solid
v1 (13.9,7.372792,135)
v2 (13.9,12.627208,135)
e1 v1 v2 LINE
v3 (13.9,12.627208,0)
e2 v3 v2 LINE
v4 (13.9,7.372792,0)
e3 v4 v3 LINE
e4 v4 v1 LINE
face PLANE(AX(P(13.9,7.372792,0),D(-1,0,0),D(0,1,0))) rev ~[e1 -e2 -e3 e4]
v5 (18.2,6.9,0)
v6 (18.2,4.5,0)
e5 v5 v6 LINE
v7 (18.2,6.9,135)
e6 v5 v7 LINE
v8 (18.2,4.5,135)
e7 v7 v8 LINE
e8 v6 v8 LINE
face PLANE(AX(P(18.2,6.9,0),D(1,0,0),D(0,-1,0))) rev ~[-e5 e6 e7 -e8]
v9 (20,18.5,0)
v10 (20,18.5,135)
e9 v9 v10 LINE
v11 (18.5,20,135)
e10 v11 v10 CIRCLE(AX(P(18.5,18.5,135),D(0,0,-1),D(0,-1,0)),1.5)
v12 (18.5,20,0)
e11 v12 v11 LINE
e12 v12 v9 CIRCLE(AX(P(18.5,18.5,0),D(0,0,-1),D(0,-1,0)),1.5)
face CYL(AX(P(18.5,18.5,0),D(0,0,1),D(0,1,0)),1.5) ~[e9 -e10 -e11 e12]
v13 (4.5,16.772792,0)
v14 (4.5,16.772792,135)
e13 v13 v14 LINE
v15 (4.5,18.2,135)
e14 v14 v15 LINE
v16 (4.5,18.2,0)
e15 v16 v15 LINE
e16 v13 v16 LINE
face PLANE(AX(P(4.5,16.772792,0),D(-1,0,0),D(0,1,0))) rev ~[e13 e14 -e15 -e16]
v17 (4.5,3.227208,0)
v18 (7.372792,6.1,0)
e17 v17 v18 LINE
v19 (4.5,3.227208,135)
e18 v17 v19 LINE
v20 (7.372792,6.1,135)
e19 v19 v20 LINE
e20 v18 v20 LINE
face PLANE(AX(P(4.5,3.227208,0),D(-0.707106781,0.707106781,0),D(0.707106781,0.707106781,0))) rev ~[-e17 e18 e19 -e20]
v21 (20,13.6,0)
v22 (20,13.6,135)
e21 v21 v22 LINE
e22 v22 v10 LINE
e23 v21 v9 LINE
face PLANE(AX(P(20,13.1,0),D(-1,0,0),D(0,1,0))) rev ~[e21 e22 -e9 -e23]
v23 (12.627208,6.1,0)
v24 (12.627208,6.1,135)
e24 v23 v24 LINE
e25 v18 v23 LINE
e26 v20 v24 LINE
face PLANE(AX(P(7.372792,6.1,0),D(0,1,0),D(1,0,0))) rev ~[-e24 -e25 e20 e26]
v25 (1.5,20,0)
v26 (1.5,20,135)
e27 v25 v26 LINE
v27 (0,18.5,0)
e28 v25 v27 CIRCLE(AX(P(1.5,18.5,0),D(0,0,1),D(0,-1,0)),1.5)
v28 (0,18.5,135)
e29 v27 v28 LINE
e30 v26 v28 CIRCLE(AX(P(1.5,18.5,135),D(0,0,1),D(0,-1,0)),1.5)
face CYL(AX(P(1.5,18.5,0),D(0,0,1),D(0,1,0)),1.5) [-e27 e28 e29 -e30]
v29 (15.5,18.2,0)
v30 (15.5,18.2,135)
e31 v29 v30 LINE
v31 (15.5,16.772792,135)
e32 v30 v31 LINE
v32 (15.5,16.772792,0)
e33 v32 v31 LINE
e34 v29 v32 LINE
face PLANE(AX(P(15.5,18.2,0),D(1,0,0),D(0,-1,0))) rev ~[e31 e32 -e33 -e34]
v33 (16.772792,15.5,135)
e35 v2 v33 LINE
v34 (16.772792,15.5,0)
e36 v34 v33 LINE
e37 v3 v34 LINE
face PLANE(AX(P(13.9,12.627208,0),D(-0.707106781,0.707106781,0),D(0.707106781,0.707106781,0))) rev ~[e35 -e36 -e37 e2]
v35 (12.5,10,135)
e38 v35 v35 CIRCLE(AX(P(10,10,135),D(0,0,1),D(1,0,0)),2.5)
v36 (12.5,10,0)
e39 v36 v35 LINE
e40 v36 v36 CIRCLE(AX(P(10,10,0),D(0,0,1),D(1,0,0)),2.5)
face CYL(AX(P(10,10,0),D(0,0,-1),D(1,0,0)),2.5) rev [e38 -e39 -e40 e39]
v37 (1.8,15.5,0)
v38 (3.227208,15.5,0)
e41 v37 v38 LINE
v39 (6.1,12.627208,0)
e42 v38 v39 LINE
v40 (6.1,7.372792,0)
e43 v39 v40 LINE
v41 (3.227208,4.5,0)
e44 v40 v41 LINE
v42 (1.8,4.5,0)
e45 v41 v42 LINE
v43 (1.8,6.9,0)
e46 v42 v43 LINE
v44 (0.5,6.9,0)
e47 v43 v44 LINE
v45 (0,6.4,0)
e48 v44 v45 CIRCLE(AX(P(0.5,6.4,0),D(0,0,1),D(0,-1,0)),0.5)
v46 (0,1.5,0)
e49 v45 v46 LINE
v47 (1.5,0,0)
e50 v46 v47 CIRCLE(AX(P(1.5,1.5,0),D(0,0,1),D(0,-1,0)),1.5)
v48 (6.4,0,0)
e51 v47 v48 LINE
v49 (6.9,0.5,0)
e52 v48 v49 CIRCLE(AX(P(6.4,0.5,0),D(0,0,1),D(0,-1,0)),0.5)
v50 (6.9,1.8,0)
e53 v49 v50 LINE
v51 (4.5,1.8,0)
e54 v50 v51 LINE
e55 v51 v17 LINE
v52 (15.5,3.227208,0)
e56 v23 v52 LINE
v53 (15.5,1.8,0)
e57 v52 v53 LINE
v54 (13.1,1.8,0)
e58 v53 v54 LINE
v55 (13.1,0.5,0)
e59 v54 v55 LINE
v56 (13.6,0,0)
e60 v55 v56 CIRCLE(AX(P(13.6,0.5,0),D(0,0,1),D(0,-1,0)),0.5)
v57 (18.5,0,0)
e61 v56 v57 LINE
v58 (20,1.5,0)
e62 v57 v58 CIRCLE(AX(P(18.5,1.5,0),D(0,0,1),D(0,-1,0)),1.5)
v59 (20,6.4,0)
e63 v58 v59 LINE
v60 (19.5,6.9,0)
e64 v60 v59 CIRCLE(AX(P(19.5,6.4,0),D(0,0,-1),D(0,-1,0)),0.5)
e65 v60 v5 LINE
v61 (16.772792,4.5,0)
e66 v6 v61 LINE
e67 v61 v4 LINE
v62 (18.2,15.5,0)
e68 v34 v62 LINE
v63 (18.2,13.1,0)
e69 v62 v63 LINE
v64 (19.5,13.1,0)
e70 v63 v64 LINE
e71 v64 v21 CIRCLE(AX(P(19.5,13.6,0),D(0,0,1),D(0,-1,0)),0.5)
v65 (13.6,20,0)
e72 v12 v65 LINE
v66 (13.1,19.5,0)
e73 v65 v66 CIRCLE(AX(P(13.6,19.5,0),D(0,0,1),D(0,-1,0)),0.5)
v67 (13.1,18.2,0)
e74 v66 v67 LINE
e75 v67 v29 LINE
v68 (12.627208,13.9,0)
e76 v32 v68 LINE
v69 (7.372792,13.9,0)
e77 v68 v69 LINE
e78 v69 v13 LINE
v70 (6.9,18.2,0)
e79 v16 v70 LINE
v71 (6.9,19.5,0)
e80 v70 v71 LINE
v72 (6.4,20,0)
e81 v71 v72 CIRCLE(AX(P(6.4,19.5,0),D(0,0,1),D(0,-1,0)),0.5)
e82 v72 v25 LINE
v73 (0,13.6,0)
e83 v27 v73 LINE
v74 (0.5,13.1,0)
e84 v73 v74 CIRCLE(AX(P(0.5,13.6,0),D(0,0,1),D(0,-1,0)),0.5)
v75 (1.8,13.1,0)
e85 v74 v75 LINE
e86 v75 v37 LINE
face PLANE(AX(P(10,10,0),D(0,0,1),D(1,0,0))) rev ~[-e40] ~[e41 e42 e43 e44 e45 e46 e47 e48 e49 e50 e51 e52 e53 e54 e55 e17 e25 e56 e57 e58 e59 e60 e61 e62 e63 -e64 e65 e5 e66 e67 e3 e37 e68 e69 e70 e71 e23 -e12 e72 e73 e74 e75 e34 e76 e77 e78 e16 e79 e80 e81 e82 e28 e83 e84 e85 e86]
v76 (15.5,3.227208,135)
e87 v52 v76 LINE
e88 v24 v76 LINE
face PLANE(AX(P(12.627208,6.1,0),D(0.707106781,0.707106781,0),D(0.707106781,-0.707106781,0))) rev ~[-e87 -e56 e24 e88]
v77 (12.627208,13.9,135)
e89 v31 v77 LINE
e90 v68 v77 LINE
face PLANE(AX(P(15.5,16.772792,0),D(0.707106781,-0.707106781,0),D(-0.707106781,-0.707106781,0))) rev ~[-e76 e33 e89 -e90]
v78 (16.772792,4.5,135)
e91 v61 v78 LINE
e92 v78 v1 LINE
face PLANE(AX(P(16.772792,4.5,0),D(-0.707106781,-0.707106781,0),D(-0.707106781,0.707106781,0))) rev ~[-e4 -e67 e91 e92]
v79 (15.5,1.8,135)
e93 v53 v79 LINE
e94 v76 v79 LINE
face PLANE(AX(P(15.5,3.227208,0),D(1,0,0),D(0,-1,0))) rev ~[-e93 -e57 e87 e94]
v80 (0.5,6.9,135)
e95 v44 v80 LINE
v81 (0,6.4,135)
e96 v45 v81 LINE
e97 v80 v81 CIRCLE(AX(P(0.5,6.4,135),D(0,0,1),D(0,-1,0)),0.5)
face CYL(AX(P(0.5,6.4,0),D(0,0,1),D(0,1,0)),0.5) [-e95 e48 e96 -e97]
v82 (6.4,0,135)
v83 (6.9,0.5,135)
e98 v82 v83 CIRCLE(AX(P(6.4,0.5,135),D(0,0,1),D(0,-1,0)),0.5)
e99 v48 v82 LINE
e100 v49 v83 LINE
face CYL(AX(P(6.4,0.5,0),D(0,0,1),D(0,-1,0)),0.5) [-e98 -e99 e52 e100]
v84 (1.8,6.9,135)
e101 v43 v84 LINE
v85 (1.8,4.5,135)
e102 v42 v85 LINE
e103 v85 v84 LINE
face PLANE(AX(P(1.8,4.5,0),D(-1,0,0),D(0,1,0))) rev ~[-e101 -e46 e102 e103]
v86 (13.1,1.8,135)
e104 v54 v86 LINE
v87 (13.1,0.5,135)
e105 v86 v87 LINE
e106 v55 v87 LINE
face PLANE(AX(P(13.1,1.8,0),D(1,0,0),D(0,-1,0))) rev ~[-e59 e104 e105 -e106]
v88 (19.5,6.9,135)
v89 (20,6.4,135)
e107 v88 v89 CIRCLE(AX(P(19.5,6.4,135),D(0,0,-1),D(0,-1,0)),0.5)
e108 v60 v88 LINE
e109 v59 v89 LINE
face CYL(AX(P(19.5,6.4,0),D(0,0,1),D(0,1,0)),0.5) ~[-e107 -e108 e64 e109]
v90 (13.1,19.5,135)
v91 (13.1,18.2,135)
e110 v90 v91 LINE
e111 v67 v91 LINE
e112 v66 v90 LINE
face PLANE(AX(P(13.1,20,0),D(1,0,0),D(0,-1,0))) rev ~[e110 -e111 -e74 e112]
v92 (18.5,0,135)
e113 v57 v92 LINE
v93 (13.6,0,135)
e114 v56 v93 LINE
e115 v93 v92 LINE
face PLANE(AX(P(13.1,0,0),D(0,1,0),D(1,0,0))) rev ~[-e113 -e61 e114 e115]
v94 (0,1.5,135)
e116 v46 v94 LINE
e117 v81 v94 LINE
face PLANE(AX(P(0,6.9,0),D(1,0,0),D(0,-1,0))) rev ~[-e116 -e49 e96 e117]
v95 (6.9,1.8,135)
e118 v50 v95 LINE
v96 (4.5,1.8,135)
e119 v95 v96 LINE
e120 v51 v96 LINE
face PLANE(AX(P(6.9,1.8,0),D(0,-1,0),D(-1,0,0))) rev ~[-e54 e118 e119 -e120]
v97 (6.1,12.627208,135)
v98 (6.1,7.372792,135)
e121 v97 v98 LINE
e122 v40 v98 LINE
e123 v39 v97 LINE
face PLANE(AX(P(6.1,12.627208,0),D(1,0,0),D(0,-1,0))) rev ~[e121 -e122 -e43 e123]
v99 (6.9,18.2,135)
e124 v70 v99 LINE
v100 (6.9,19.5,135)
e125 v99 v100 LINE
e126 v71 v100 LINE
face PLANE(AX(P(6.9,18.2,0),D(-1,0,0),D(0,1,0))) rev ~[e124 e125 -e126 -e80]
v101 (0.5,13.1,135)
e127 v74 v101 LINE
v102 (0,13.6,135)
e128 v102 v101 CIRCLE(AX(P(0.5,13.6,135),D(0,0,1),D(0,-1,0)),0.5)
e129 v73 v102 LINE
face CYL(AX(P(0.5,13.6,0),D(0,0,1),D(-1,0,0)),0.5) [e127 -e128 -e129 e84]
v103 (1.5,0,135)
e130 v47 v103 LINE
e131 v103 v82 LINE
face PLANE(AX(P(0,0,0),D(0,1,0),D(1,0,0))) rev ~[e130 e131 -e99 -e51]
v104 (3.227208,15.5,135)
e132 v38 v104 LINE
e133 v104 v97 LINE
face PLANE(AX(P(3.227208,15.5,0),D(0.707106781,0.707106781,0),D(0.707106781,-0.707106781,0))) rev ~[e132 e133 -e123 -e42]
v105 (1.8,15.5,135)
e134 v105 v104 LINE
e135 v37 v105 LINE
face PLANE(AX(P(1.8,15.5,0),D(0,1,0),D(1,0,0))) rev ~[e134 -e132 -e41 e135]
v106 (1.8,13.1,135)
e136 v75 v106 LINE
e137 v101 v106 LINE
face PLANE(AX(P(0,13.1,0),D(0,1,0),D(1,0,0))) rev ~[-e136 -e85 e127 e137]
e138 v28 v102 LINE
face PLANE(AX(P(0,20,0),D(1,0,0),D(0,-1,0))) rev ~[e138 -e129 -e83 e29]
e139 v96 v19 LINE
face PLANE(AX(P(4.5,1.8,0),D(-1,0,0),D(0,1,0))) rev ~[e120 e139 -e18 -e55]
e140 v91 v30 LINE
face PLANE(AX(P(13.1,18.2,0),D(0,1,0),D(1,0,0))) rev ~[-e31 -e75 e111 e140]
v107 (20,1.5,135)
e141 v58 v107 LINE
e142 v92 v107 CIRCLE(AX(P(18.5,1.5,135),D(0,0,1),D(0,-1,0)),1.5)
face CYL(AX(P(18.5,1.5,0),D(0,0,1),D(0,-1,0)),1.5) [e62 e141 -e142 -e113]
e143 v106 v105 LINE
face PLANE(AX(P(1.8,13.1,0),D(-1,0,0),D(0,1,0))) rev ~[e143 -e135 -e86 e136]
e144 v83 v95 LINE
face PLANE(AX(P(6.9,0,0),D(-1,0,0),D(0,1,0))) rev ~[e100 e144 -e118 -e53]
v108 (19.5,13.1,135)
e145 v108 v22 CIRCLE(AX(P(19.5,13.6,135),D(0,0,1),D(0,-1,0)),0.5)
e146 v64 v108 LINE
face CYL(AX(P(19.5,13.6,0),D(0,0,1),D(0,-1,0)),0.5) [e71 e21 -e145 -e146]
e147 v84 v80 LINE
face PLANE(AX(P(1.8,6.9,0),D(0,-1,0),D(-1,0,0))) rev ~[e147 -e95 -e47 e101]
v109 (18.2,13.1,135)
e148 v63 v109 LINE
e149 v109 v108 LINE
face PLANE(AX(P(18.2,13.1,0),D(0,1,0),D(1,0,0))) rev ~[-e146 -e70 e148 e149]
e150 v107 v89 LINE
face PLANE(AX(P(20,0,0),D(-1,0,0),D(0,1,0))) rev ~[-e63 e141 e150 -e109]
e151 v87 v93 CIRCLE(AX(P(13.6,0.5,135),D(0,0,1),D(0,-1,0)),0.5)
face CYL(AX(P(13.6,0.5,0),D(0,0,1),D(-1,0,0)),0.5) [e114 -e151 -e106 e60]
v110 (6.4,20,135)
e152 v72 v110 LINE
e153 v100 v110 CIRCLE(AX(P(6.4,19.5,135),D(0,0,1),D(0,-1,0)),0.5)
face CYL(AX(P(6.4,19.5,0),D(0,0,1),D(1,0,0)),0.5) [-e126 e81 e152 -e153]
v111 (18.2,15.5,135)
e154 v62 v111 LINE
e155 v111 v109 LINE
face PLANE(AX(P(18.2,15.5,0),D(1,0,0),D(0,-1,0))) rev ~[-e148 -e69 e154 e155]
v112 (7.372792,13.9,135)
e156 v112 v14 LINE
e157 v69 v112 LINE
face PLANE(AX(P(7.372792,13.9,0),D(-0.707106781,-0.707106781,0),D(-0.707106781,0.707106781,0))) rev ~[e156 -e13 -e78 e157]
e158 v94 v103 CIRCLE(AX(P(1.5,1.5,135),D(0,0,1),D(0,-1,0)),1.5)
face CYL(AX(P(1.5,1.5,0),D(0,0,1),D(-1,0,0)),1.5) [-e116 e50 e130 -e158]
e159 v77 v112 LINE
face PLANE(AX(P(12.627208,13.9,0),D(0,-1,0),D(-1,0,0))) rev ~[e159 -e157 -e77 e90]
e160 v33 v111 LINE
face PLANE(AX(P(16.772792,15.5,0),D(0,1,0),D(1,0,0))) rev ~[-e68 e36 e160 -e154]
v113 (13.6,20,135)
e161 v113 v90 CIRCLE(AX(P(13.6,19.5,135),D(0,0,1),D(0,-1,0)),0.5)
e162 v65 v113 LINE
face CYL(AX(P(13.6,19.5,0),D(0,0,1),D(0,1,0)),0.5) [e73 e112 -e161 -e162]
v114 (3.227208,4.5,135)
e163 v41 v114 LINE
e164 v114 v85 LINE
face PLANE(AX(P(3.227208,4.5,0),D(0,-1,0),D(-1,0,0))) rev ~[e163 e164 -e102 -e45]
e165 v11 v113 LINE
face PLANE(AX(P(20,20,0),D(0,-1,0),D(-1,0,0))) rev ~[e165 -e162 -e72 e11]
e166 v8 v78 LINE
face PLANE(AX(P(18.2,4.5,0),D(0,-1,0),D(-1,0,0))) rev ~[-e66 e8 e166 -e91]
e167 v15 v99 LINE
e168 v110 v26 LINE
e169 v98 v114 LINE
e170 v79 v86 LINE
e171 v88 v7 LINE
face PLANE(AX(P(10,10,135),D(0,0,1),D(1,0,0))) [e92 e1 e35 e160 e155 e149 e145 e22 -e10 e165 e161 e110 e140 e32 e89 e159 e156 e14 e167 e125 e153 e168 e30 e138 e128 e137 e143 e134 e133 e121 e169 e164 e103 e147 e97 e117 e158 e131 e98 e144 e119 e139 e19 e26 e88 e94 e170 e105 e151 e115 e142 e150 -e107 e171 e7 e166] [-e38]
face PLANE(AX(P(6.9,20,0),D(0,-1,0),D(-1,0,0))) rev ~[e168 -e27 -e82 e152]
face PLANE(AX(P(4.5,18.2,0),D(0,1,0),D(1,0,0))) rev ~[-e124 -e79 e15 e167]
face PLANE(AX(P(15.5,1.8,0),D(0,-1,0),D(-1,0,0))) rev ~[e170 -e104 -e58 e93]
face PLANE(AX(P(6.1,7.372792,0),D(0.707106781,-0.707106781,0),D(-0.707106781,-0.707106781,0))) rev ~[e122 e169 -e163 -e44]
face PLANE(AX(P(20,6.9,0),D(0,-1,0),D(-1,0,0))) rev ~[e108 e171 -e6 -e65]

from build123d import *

# Parameters (mm, degrees)
SKETCH_1_R      = 2.5
EXTRUDE_1_DEPTH = 135
FILLET_1_R      = 1.5
FILLET_2_R      = 1.5
FILLET_3_R      = 1.5
FILLET_4_R      = 1.5
FILLET_5_R      = 0.5
FILLET_6_R      = 0.5
FILLET_7_R      = 0.5
FILLET_8_R      = 0.5
FILLET_9_R      = 0.5
FILLET_10_R     = 0.5
FILLET_11_R     = 0.5
FILLET_12_R     = 0.5


with BuildPart() as part:
    # 草图1 → 凸台-拉伸1 (new body)
    with BuildSketch(Plane.XY):
        Polygon((0, 6.9), (0, 0), (6.9, 0), (6.9, 1.8), (4.5, 1.8), (4.5, 3.227207794), (7.372792206, 6.1), (12.627207794, 6.1), (15.5, 3.227207794), (15.5, 1.8), (13.1, 1.8), (13.1, 0), (20, 0), (20, 6.9), (18.2, 6.9), (18.2, 4.5), (16.772792206, 4.5), (13.9, 7.372792206), (13.9, 12.627207794), (16.772792206, 15.5), (18.2, 15.5), (18.2, 13.1), (20, 13.1), (20, 20), (13.1, 20), (13.1, 18.2), (15.5, 18.2), (15.5, 16.772792206), (12.627207794, 13.9), (7.372792206, 13.9), (4.5, 16.772792206), (4.5, 18.2), (6.9, 18.2), (6.9, 20), (0, 20), (0, 13.1), (1.8, 13.1), (1.8, 15.5), (3.227207794, 15.5), (6.1, 12.627207794), (6.1, 7.372792206), (3.227207794, 4.5), (1.8, 4.5), (1.8, 6.9), align=None)
        with Locations((10, 10)):
            Circle(SKETCH_1_R, mode=Mode.SUBTRACT)
    extrude(amount=EXTRUDE_1_DEPTH)

    # 圆角1
    fillet_1_edges = [part.edges().sort_by_distance(p)[0] for p in [
        (20, 20, 67.5),
    ]]
    fillet(fillet_1_edges, radius=FILLET_1_R)

    # 圆角2
    fillet_2_edges = [part.edges().sort_by_distance(p)[0] for p in [
        (0, 20, 67.5),
    ]]
    fillet(fillet_2_edges, radius=FILLET_2_R)

    # 圆角3
    fillet_3_edges = [part.edges().sort_by_distance(p)[0] for p in [
        (0, 0, 67.5),
    ]]
    fillet(fillet_3_edges, radius=FILLET_3_R)

    # 圆角4
    fillet_4_edges = [part.edges().sort_by_distance(p)[0] for p in [
        (20, 0, 67.5),
    ]]
    fillet(fillet_4_edges, radius=FILLET_4_R)

    # 圆角5
    fillet_5_edges = [part.edges().sort_by_distance(p)[0] for p in [
        (13.1, 20, 67.5),
    ]]
    fillet(fillet_5_edges, radius=FILLET_5_R)

    # 圆角6
    fillet_6_edges = [part.edges().sort_by_distance(p)[0] for p in [
        (6.9, 20, 67.5),
    ]]
    fillet(fillet_6_edges, radius=FILLET_6_R)

    # 圆角7
    fillet_7_edges = [part.edges().sort_by_distance(p)[0] for p in [
        (0, 13.1, 67.5),
    ]]
    fillet(fillet_7_edges, radius=FILLET_7_R)

    # 圆角8
    fillet_8_edges = [part.edges().sort_by_distance(p)[0] for p in [
        (0, 6.9, 67.5),
    ]]
    fillet(fillet_8_edges, radius=FILLET_8_R)

    # 圆角9
    fillet_9_edges = [part.edges().sort_by_distance(p)[0] for p in [
        (6.9, 0, 67.5),
    ]]
    fillet(fillet_9_edges, radius=FILLET_9_R)

    # 圆角10
    fillet_10_edges = [part.edges().sort_by_distance(p)[0] for p in [
        (13.1, 0, 67.5),
    ]]
    fillet(fillet_10_edges, radius=FILLET_10_R)

    # 圆角11
    fillet_11_edges = [part.edges().sort_by_distance(p)[0] for p in [
        (20, 13.1, 67.5),
    ]]
    fillet(fillet_11_edges, radius=FILLET_11_R)

    # 圆角12
    fillet_12_edges = [part.edges().sort_by_distance(p)[0] for p in [
        (20, 6.9, 67.5),
    ]]
    fillet(fillet_12_edges, radius=FILLET_12_R)


solid = part.part
